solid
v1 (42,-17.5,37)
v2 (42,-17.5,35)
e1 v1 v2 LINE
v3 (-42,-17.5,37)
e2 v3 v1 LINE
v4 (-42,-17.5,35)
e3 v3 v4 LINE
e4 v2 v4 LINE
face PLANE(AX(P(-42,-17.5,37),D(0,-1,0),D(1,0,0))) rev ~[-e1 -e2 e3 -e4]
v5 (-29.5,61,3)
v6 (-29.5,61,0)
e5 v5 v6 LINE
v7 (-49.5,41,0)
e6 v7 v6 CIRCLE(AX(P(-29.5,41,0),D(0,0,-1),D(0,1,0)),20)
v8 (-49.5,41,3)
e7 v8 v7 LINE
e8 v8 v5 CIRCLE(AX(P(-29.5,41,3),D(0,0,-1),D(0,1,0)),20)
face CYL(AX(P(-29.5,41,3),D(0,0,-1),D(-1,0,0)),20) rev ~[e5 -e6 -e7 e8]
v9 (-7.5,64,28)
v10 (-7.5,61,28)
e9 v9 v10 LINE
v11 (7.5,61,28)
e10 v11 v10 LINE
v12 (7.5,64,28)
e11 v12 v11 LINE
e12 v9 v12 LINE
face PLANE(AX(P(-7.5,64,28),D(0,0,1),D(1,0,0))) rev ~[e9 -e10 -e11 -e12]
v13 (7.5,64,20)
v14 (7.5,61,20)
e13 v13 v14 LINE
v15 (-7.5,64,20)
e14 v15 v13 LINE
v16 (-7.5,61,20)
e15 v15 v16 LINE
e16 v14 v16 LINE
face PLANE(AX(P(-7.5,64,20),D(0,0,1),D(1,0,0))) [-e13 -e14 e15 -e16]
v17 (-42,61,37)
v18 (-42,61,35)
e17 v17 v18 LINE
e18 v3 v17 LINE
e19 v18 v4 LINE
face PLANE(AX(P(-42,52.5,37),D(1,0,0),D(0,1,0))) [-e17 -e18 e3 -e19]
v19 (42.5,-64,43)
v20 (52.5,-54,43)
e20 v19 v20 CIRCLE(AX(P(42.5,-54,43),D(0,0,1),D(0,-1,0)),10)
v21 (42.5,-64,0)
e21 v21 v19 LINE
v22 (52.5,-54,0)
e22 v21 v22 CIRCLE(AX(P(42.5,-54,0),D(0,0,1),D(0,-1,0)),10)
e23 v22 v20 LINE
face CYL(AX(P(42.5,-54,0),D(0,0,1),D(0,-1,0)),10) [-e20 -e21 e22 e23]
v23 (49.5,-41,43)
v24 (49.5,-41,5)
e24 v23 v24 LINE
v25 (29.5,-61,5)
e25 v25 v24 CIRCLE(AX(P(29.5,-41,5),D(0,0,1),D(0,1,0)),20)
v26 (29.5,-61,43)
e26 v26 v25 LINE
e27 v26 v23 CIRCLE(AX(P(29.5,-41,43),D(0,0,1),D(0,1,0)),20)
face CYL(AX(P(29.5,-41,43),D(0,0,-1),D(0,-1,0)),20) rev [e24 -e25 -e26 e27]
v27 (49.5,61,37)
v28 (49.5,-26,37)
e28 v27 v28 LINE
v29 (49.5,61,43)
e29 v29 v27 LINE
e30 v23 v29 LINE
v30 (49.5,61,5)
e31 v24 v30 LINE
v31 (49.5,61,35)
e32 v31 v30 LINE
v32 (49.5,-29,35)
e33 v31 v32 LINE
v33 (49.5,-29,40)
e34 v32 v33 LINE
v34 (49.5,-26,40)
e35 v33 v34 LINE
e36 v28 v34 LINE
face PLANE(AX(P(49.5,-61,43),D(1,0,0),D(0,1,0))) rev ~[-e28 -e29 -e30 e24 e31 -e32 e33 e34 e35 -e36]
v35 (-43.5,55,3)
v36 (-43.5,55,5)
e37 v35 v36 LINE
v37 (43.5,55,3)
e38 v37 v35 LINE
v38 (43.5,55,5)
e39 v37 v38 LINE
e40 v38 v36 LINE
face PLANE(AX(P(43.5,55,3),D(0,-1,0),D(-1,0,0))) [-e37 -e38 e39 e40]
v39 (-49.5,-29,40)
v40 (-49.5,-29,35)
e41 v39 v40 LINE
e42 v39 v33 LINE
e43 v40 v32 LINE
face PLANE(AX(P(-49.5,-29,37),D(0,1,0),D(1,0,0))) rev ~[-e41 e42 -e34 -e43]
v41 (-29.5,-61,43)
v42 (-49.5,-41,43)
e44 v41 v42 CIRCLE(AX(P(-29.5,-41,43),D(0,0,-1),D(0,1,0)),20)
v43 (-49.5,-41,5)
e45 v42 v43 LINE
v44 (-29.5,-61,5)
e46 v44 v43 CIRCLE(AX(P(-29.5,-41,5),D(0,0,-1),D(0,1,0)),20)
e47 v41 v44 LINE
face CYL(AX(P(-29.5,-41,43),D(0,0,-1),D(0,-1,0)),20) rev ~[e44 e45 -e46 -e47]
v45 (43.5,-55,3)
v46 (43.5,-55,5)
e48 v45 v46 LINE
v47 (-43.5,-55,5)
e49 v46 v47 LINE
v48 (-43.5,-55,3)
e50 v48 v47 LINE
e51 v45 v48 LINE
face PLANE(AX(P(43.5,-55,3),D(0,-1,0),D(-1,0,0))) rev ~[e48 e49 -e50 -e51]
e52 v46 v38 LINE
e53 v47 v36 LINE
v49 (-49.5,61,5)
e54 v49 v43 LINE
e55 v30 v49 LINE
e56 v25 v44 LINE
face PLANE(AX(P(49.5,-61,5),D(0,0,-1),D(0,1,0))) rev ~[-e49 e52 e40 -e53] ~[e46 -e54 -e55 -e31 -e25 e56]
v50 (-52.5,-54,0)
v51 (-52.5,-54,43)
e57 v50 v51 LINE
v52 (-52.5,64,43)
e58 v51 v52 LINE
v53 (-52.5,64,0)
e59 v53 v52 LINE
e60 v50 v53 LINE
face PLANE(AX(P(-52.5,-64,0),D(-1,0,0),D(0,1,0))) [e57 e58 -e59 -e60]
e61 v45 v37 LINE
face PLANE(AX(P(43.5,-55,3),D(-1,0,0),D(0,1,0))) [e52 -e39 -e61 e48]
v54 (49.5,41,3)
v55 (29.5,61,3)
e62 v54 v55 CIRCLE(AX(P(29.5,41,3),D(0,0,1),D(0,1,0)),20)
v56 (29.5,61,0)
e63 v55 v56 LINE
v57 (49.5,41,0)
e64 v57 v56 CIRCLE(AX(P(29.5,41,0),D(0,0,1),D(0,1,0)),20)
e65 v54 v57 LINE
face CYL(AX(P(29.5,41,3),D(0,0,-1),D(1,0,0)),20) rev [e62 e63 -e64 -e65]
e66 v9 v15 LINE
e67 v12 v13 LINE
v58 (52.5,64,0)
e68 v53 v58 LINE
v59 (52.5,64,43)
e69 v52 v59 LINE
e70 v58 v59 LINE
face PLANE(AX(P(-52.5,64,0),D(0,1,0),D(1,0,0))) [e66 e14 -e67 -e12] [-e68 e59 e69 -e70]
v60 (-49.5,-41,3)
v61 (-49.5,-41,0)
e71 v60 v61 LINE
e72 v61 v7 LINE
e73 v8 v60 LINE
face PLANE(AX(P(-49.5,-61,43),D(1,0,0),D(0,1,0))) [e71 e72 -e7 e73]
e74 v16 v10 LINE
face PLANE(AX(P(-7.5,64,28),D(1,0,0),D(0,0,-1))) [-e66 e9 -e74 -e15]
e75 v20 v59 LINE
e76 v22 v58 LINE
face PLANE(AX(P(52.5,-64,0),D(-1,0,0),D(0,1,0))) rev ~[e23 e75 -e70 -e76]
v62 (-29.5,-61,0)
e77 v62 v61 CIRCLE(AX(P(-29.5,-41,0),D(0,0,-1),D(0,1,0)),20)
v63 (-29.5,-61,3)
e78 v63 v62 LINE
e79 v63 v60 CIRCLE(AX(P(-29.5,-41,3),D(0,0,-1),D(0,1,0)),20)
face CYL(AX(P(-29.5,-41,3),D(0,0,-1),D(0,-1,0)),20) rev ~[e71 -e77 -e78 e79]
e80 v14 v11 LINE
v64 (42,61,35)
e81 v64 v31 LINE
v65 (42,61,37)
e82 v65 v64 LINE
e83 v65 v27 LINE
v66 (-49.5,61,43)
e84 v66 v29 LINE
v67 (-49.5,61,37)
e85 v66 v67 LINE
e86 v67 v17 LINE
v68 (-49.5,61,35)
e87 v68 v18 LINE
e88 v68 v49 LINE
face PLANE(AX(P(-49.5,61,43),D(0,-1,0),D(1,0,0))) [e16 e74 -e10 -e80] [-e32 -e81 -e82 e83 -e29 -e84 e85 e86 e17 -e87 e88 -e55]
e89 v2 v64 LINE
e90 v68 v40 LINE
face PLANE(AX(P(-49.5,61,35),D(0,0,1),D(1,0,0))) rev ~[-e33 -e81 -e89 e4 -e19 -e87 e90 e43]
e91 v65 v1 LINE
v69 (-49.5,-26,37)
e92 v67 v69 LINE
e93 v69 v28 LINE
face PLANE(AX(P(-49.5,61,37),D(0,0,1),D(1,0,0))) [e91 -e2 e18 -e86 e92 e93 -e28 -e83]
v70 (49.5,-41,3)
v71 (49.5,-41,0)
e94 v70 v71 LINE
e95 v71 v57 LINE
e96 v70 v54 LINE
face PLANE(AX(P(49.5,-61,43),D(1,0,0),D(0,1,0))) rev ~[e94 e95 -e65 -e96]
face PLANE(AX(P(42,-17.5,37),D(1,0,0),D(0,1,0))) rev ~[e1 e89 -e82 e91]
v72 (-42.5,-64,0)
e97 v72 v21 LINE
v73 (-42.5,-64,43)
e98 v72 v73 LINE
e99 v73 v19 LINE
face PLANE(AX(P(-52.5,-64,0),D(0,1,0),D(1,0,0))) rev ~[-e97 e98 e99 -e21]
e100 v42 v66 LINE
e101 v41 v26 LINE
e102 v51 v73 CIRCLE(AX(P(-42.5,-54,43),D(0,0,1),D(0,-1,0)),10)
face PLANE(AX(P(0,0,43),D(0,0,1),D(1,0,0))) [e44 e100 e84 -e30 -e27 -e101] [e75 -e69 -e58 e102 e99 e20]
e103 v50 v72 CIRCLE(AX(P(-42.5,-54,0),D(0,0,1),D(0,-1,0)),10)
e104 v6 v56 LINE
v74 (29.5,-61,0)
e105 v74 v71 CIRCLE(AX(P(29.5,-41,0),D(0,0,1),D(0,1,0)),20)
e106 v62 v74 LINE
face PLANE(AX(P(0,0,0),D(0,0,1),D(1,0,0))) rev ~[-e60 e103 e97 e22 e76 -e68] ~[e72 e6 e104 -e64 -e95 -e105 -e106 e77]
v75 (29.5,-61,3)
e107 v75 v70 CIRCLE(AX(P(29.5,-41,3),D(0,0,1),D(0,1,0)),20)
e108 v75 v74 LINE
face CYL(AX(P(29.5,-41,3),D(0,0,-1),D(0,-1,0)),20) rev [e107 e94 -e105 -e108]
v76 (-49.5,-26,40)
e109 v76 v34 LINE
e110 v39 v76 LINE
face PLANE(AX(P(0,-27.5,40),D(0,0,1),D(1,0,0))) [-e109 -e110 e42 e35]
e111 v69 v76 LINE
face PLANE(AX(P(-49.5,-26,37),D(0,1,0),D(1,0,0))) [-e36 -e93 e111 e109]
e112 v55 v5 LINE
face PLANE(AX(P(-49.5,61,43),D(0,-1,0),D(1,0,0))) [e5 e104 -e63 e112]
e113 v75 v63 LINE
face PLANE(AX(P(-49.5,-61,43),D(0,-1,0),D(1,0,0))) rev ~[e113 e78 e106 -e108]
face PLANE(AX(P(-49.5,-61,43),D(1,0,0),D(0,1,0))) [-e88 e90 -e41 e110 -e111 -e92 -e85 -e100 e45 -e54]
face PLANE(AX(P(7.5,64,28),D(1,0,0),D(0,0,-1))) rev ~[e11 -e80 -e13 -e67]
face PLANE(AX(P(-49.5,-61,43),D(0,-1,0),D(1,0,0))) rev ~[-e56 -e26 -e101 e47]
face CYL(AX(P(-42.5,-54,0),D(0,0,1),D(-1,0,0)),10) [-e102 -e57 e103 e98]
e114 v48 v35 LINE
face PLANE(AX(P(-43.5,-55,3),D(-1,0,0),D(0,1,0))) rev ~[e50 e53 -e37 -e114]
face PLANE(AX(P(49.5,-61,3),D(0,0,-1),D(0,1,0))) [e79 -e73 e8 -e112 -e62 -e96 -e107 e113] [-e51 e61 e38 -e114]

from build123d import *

# Parameters (mm, degrees)
SKETCH_1_W          = 105
SKETCH_1_H          = 128
EXTRUDE_1_DEPTH     = 43
SKETCH_2_W          = 99
SKETCH_2_H          = 122
CUT_EXTRUDE_1_DEPTH = 50
SKETCH_3_W          = 99
SKETCH_3_H          = 2
EXTRUDE_2_DEPTH     = 90
CUT_EXTRUDE_2_REACH = 92.671
SKETCH_4_W          = 84
SKETCH_4_H          = 70
SKETCH_5_W          = 99
SKETCH_5_H          = 3
EXTRUDE_3_DEPTH     = 3
SKETCH_6_W          = 15
SKETCH_6_H          = 8
CUT_EXTRUDE_3_DEPTH = 10
SKETCH_8_W          = 84
SKETCH_8_H          = 8.5
CUT_EXTRUDE_4_DEPTH = 2
EXTRUDE_4_REACH     = 129.863
SKETCH_9_W          = 2
SKETCH_9_H          = 122
SKETCH_10_W         = 87
SKETCH_10_H         = 110
CUT_EXTRUDE_5_DEPTH = 8
FILLET_10_R         = 10
FILLET_11_R         = 20
FILLET_12_R         = 20
FILLET_13_R         = 10
FILLET_14_R         = 20
FILLET_15_R         = 20
FILLET_16_R         = 20


with BuildPart() as part:
    # 草图1 → 凸台-拉伸1 (new body)
    with BuildSketch(Plane.XY):
        Rectangle(SKETCH_1_W, SKETCH_1_H)
    extrude(amount=EXTRUDE_1_DEPTH)

    # 草图2 → 切除-拉伸1 (cut)
    with BuildSketch(Plane.XY.offset(43)):
        Rectangle(SKETCH_2_W, SKETCH_2_H)
    extrude(amount=-CUT_EXTRUDE_1_DEPTH, mode=Mode.SUBTRACT)

    # 草图3 → 凸台-拉伸2 (add)
    with BuildSketch(Plane.XZ.offset(-61)):
        with Locations((0, 36)):
            Rectangle(SKETCH_3_W, SKETCH_3_H)
    extrude(amount=EXTRUDE_2_DEPTH)

    # 草图4 → 切除-拉伸2 (cut, up to next)
    with BuildSketch(Plane.XY.offset(37), mode=Mode.PRIVATE) as cut_extrude_2_sk1:
        with Locations((0, 17.5)):
            Rectangle(SKETCH_4_W, SKETCH_4_H)
    cut_extrude_2_tool1 = extrude(cut_extrude_2_sk1.sketch, amount=-CUT_EXTRUDE_2_REACH, mode=Mode.PRIVATE) & part.part
    add(cut_extrude_2_tool1.solids().sort_by_distance((0, 17.5, 37))[0], mode=Mode.SUBTRACT)

    # 草图5 → 凸台-拉伸3 (add)
    with BuildSketch(Plane.XY.offset(37)):
        with Locations((0, -27.5)):
            Rectangle(SKETCH_5_W, SKETCH_5_H)
    extrude(amount=EXTRUDE_3_DEPTH)

    # 草图6 → 切除-拉伸3 (cut)
    with BuildSketch(Plane(origin=(0, 64, 0), x_dir=(1, 0, 0), z_dir=(0, 1, 0))):
        with Locations((0, -24)):
            Rectangle(SKETCH_6_W, SKETCH_6_H)
    extrude(amount=-CUT_EXTRUDE_3_DEPTH, mode=Mode.SUBTRACT)

    # 草图8 → 切除-拉伸4 (cut)
    with BuildSketch(Plane.XY.offset(37)):
        with Locations((0, 56.75)):
            Rectangle(SKETCH_8_W, SKETCH_8_H)
    extrude(amount=-CUT_EXTRUDE_4_DEPTH, mode=Mode.SUBTRACT)

    # 草图9 → 凸台-拉伸4 (add, up to next)
    with BuildSketch(Plane.ZY.offset(-49.5), mode=Mode.PRIVATE) as extrude_4_sk1:
        with Locations((4, 0)):
            Rectangle(SKETCH_9_W, SKETCH_9_H)
    extrude_4_tool1 = extrude(extrude_4_sk1.sketch, amount=EXTRUDE_4_REACH, mode=Mode.PRIVATE) - part.part
    add(extrude_4_tool1.solids().sort_by_distance((49.5, 0, 4))[0])

    # 草图10 → 切除-拉伸5 (cut)
    with BuildSketch(Plane(origin=(0, 0, 3), x_dir=(-1, 0, 0), z_dir=(0, 0, -1))):
        Rectangle(SKETCH_10_W, SKETCH_10_H)
    extrude(amount=-CUT_EXTRUDE_5_DEPTH, mode=Mode.SUBTRACT)

    # 圆角10
    fillet_10_edges = [part.edges().sort_by_distance(p)[0] for p in [
        (-52.5, -64, 21.5),
    ]]
    fillet(fillet_10_edges, radius=FILLET_10_R)

    # 圆角11
    fillet_11_edges = [part.edges().sort_by_distance(p)[0] for p in [
        (-49.5, -61, 1.5),
    ]]
    fillet(fillet_11_edges, radius=FILLET_11_R)

    # 圆角12
    fillet_12_edges = [part.edges().sort_by_distance(p)[0] for p in [
        (49.5, -61, 1.5),
    ]]
    fillet(fillet_12_edges, radius=FILLET_12_R)

    # 圆角13
    fillet_13_edges = [part.edges().sort_by_distance(p)[0] for p in [
        (52.5, -64, 21.5),
    ]]
    fillet(fillet_13_edges, radius=FILLET_13_R)

    # 圆角14
    fillet_14_edges = [part.edges().sort_by_distance(p)[0] for p in [
        (-49.5, 61, 1.5),
        (49.5, 61, 1.5),
    ]]
    fillet(fillet_14_edges, radius=FILLET_14_R)

    # 圆角15
    fillet_15_edges = [part.edges().sort_by_distance(p)[0] for p in [
        (49.5, -61, 24),
    ]]
    fillet(fillet_15_edges, radius=FILLET_15_R)

    # 圆角16
    fillet_16_edges = [part.edges().sort_by_distance(p)[0] for p in [
        (-49.5, -61, 24),
    ]]
    fillet(fillet_16_edges, radius=FILLET_16_R)


solid = part.part
